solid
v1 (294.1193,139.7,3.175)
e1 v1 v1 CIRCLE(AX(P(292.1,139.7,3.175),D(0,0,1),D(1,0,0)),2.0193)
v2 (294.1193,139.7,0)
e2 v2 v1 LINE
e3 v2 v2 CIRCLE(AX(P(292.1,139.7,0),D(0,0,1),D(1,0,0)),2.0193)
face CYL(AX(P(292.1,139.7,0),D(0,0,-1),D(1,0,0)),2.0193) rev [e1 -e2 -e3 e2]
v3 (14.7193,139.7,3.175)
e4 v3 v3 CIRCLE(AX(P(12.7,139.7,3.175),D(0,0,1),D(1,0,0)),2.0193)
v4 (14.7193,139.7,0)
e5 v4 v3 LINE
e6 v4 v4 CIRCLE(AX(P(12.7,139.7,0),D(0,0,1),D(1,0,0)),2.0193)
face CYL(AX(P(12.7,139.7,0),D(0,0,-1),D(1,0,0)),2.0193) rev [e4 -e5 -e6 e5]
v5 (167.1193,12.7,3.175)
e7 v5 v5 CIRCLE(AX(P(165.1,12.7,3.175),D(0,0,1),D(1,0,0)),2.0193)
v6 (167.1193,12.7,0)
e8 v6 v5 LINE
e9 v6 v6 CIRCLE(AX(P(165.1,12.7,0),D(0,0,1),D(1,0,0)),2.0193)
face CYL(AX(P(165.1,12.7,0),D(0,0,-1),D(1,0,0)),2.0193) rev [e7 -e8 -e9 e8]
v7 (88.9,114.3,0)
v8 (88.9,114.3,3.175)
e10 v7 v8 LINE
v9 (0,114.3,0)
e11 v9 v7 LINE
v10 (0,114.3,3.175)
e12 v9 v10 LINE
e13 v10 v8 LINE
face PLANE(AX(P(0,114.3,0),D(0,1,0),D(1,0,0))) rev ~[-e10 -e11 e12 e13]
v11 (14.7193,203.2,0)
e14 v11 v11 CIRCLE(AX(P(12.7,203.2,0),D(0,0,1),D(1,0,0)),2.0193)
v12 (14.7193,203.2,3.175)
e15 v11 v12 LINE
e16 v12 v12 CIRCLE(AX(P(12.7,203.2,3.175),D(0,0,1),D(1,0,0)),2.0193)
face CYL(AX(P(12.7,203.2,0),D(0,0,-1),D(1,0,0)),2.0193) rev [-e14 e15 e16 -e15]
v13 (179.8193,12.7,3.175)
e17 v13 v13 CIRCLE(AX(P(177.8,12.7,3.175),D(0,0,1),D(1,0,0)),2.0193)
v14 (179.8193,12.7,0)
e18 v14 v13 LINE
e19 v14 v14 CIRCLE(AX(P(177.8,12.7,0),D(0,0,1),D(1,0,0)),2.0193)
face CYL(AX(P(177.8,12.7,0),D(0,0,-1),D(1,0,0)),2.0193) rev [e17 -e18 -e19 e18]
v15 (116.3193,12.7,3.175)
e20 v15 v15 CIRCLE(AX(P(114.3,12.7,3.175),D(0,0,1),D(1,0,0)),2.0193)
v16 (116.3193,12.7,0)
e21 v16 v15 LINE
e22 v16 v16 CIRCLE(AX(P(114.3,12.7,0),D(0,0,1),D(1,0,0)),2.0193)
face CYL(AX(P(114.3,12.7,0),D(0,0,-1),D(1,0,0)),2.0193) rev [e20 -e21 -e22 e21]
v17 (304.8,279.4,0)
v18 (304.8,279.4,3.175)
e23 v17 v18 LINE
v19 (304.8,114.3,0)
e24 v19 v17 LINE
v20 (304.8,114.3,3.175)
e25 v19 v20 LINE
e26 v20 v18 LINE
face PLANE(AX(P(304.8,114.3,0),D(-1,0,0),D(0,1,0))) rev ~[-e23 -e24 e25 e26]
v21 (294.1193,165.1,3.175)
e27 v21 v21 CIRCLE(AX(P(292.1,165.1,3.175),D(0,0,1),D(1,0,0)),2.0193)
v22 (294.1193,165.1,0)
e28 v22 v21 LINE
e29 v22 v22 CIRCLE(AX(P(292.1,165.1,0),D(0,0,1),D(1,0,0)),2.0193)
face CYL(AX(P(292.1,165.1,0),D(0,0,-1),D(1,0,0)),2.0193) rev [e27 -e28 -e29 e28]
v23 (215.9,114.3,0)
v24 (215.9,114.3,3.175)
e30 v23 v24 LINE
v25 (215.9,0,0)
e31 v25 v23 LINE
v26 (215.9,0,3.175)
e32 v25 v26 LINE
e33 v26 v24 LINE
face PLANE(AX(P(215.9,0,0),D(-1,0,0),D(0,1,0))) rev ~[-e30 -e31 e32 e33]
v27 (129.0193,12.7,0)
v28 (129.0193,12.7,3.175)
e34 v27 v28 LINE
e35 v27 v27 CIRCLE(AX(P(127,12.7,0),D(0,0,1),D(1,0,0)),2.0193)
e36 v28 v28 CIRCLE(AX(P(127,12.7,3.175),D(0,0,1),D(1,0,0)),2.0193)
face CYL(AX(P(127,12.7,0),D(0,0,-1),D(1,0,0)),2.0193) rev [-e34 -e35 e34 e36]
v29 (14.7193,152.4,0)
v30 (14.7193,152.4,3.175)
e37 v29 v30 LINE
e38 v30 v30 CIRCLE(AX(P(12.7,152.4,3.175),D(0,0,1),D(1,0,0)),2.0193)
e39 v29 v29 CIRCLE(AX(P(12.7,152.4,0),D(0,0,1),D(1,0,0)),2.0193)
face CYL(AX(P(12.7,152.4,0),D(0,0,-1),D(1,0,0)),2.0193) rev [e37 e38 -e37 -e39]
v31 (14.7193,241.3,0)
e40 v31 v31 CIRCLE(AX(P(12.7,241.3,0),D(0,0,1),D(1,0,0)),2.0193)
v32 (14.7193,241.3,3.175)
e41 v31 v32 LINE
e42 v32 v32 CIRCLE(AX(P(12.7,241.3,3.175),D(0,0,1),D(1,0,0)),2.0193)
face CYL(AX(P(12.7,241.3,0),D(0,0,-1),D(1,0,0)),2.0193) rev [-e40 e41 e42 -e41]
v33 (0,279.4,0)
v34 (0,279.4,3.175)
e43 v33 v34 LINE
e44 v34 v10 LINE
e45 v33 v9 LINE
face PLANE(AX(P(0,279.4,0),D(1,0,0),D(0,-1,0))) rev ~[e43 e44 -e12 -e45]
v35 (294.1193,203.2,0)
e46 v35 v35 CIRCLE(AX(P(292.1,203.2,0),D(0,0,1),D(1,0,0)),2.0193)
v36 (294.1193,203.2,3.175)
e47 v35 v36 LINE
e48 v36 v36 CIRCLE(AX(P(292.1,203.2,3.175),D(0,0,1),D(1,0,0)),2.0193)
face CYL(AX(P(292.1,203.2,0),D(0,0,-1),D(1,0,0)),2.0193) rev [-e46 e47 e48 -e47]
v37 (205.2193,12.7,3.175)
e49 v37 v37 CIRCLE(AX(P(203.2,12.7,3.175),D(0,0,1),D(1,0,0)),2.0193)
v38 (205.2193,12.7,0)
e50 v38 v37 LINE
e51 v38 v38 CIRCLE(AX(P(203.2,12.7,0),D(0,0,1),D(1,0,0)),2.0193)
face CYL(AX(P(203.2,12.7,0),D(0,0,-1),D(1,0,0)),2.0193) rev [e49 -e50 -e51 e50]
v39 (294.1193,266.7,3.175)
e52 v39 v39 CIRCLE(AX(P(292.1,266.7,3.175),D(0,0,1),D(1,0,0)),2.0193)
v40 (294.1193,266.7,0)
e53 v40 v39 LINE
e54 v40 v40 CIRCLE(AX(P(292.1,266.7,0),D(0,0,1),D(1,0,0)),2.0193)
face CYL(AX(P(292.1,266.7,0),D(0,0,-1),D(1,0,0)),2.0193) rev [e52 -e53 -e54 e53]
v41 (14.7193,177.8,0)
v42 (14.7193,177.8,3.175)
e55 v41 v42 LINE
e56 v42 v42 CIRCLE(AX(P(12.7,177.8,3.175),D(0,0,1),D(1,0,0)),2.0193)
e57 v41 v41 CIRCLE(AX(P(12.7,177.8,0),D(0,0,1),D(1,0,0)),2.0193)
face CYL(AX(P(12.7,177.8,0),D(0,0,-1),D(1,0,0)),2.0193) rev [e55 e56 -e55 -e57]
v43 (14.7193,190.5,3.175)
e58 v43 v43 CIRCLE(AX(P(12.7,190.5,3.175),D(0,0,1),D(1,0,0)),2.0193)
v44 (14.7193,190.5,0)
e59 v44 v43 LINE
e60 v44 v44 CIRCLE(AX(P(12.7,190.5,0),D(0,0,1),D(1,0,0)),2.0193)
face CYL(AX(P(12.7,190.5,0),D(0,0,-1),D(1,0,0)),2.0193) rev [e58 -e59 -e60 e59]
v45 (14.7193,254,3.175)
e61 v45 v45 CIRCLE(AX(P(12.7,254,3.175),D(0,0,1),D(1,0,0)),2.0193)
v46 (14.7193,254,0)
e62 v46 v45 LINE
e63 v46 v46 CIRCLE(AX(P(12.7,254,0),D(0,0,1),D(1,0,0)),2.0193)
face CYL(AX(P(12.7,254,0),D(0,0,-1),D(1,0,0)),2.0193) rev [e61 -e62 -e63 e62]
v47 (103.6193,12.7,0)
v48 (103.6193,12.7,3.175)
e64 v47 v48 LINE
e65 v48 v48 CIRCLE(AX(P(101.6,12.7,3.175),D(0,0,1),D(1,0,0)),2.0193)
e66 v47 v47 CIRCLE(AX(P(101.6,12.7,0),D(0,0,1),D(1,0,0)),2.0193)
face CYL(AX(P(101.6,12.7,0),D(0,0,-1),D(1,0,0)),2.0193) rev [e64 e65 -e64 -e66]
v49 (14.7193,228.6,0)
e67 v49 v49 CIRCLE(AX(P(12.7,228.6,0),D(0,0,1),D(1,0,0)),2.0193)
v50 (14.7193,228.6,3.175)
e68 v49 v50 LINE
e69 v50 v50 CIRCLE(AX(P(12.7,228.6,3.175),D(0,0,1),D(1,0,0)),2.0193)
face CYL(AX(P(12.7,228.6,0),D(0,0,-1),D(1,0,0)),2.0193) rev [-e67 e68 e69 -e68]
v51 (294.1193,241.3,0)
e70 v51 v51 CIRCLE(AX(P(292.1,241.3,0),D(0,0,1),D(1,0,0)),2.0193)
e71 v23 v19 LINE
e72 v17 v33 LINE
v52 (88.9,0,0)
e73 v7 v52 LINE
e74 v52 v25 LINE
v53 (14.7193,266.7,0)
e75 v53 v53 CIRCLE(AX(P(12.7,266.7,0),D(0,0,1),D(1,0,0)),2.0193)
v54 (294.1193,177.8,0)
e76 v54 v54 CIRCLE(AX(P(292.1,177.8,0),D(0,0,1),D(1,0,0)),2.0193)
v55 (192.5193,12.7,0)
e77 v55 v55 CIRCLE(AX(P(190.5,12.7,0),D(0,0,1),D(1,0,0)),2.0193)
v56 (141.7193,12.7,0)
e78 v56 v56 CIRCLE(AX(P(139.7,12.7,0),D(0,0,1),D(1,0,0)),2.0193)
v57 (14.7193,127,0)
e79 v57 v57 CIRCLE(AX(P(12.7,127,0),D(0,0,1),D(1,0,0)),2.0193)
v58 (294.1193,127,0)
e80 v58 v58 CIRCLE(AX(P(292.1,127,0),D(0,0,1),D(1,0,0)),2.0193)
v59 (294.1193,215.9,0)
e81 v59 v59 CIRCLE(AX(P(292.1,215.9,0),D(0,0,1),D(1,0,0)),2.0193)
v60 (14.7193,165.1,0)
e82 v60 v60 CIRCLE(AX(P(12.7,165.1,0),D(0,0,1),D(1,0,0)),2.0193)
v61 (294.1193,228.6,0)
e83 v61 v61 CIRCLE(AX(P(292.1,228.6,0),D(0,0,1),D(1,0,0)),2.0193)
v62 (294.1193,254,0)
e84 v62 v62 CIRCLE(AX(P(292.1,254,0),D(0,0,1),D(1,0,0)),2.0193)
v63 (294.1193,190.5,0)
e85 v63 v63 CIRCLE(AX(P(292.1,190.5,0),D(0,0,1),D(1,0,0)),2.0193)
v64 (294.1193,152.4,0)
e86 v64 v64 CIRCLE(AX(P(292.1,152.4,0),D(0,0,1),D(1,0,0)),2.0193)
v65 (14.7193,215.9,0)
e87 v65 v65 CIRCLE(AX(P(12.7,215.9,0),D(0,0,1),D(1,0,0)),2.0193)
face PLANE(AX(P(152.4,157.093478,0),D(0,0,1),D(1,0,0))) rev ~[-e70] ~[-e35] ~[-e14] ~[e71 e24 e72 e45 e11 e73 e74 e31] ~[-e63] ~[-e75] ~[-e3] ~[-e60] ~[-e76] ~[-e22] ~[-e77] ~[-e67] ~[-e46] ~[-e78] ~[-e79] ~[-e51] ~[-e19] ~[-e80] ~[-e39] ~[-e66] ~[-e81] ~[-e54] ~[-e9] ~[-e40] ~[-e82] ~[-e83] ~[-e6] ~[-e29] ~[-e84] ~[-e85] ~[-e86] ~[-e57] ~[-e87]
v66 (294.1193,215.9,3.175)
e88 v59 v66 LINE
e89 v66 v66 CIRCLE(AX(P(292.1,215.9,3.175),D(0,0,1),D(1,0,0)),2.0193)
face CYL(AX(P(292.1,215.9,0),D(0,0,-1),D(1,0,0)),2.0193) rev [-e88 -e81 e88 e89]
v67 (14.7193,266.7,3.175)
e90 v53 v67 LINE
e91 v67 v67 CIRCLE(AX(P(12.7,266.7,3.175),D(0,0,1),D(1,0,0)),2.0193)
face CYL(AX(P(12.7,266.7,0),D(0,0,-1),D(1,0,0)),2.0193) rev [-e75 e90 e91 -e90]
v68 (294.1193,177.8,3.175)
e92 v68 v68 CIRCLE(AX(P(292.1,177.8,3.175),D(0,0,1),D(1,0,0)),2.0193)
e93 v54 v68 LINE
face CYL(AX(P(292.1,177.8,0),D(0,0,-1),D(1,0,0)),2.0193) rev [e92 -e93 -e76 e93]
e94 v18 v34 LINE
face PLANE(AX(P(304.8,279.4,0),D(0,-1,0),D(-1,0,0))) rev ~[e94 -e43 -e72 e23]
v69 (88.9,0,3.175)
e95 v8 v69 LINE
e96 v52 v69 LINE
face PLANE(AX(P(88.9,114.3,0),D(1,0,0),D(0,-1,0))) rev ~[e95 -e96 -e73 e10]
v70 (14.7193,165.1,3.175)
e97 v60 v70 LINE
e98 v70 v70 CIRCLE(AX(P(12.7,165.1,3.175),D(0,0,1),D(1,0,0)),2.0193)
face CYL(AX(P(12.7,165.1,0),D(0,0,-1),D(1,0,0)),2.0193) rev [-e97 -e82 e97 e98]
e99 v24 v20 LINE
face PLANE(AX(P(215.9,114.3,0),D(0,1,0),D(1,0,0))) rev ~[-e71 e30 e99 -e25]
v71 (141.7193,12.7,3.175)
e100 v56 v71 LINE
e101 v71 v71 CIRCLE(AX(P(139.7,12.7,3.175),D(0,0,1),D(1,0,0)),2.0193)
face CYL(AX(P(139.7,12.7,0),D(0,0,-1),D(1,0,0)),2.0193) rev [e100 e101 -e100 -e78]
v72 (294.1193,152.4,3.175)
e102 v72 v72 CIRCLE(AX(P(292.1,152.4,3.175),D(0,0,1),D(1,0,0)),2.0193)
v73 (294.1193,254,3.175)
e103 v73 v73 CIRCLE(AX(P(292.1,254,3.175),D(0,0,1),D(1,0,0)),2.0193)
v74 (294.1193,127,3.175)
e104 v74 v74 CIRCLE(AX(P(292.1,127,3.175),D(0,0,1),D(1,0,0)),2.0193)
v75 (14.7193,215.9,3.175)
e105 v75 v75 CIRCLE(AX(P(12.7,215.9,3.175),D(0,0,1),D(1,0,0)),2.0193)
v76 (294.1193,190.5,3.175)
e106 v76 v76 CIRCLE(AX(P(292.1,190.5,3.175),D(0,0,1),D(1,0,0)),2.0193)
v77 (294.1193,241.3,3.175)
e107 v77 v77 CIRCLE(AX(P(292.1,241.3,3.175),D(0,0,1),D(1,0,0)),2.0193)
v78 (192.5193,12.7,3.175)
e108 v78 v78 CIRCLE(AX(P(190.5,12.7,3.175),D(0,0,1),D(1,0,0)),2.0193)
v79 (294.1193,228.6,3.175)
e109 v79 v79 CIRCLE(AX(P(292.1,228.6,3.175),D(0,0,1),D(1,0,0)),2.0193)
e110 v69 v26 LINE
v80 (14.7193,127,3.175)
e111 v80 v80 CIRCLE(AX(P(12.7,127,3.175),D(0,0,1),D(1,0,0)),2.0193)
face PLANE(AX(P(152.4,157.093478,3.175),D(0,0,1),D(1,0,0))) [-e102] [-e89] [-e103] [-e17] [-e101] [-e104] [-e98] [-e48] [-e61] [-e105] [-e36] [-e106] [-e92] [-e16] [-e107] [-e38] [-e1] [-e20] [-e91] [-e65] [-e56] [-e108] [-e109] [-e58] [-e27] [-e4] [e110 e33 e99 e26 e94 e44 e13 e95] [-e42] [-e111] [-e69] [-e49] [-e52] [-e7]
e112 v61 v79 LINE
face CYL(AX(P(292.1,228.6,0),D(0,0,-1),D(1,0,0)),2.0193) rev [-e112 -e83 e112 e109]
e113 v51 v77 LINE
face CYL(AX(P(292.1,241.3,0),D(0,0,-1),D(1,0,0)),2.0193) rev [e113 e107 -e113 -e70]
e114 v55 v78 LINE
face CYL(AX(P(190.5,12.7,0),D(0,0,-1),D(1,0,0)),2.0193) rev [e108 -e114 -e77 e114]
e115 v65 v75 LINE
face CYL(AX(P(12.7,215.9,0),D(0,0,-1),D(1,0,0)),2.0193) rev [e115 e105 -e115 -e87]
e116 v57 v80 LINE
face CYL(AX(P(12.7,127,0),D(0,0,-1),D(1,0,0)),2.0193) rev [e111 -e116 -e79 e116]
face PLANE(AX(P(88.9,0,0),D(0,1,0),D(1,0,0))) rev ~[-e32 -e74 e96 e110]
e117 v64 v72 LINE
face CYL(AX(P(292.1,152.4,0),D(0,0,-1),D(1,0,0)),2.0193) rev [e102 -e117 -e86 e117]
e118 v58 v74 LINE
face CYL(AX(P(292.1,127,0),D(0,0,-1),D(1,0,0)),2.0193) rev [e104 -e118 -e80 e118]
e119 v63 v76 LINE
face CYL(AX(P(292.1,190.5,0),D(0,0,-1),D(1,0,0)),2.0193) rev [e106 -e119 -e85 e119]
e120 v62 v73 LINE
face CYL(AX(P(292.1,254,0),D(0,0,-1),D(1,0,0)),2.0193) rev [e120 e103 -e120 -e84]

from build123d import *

# Parameters (mm, degrees)
SKETCH1_R           = 2.0193
BOSS_EXTRUDE1_DEPTH = 3.175


with BuildPart() as part:
    # Sketch1 → Boss-Extrude1 (new body)
    with BuildSketch(Plane.XY):
        Polygon((0, 114.3), (88.9, 114.3), (88.9, 0), (215.9, 0), (215.9, 114.3), (304.8, 114.3), (304.8, 279.4), (0, 279.4), align=None)
        with Locations((101.6, 12.7)):
            Circle(SKETCH1_R, mode=Mode.SUBTRACT)
        with Locations((114.3, 12.7)):
            Circle(SKETCH1_R, mode=Mode.SUBTRACT)
        with Locations((127, 12.7)):
            Circle(SKETCH1_R, mode=Mode.SUBTRACT)
        with Locations((139.7, 12.7)):
            Circle(SKETCH1_R, mode=Mode.SUBTRACT)
        with Locations((12.7, 127)):
            Circle(SKETCH1_R, mode=Mode.SUBTRACT)
        with Locations((12.7, 139.7)):
            Circle(SKETCH1_R, mode=Mode.SUBTRACT)
        with Locations((12.7, 152.4)):
            Circle(SKETCH1_R, mode=Mode.SUBTRACT)
        with Locations((12.7, 165.1)):
            Circle(SKETCH1_R, mode=Mode.SUBTRACT)
        with Locations((12.7, 177.8)):
            Circle(SKETCH1_R, mode=Mode.SUBTRACT)
        with Locations((12.7, 190.5)):
            Circle(SKETCH1_R, mode=Mode.SUBTRACT)
        with Locations((12.7, 203.2)):
            Circle(SKETCH1_R, mode=Mode.SUBTRACT)
        with Locations((12.7, 215.9)):
            Circle(SKETCH1_R, mode=Mode.SUBTRACT)
        with Locations((12.7, 228.6)):
            Circle(SKETCH1_R, mode=Mode.SUBTRACT)
        with Locations((12.7, 241.3)):
            Circle(SKETCH1_R, mode=Mode.SUBTRACT)
        with Locations((12.7, 254)):
            Circle(SKETCH1_R, mode=Mode.SUBTRACT)
        with Locations((12.7, 266.7)):
            Circle(SKETCH1_R, mode=Mode.SUBTRACT)
        with Locations((292.1, 266.7)):
            Circle(SKETCH1_R, mode=Mode.SUBTRACT)
        with Locations((292.1, 254)):
            Circle(SKETCH1_R, mode=Mode.SUBTRACT)
        with Locations((292.1, 241.3)):
            Circle(SKETCH1_R, mode=Mode.SUBTRACT)
        with Locations((292.1, 228.6)):
            Circle(SKETCH1_R, mode=Mode.SUBTRACT)
        with Locations((292.1, 215.9)):
            Circle(SKETCH1_R, mode=Mode.SUBTRACT)
        with Locations((292.1, 203.2)):
            Circle(SKETCH1_R, mode=Mode.SUBTRACT)
        with Locations((292.1, 190.5)):
            Circle(SKETCH1_R, mode=Mode.SUBTRACT)
        with Locations((292.1, 177.8)):
            Circle(SKETCH1_R, mode=Mode.SUBTRACT)
        with Locations((292.1, 165.1)):
            Circle(SKETCH1_R, mode=Mode.SUBTRACT)
        with Locations((292.1, 152.4)):
            Circle(SKETCH1_R, mode=Mode.SUBTRACT)
        with Locations((292.1, 139.7)):
            Circle(SKETCH1_R, mode=Mode.SUBTRACT)
        with Locations((292.1, 127)):
            Circle(SKETCH1_R, mode=Mode.SUBTRACT)
        with Locations((165.1, 12.7)):
            Circle(SKETCH1_R, mode=Mode.SUBTRACT)
        with Locations((177.8, 12.7)):
            Circle(SKETCH1_R, mode=Mode.SUBTRACT)
        with Locations((190.5, 12.7)):
            Circle(SKETCH1_R, mode=Mode.SUBTRACT)
        with Locations((203.2, 12.7)):
            Circle(SKETCH1_R, mode=Mode.SUBTRACT)
    extrude(amount=BOSS_EXTRUDE1_DEPTH)


solid = part.part
